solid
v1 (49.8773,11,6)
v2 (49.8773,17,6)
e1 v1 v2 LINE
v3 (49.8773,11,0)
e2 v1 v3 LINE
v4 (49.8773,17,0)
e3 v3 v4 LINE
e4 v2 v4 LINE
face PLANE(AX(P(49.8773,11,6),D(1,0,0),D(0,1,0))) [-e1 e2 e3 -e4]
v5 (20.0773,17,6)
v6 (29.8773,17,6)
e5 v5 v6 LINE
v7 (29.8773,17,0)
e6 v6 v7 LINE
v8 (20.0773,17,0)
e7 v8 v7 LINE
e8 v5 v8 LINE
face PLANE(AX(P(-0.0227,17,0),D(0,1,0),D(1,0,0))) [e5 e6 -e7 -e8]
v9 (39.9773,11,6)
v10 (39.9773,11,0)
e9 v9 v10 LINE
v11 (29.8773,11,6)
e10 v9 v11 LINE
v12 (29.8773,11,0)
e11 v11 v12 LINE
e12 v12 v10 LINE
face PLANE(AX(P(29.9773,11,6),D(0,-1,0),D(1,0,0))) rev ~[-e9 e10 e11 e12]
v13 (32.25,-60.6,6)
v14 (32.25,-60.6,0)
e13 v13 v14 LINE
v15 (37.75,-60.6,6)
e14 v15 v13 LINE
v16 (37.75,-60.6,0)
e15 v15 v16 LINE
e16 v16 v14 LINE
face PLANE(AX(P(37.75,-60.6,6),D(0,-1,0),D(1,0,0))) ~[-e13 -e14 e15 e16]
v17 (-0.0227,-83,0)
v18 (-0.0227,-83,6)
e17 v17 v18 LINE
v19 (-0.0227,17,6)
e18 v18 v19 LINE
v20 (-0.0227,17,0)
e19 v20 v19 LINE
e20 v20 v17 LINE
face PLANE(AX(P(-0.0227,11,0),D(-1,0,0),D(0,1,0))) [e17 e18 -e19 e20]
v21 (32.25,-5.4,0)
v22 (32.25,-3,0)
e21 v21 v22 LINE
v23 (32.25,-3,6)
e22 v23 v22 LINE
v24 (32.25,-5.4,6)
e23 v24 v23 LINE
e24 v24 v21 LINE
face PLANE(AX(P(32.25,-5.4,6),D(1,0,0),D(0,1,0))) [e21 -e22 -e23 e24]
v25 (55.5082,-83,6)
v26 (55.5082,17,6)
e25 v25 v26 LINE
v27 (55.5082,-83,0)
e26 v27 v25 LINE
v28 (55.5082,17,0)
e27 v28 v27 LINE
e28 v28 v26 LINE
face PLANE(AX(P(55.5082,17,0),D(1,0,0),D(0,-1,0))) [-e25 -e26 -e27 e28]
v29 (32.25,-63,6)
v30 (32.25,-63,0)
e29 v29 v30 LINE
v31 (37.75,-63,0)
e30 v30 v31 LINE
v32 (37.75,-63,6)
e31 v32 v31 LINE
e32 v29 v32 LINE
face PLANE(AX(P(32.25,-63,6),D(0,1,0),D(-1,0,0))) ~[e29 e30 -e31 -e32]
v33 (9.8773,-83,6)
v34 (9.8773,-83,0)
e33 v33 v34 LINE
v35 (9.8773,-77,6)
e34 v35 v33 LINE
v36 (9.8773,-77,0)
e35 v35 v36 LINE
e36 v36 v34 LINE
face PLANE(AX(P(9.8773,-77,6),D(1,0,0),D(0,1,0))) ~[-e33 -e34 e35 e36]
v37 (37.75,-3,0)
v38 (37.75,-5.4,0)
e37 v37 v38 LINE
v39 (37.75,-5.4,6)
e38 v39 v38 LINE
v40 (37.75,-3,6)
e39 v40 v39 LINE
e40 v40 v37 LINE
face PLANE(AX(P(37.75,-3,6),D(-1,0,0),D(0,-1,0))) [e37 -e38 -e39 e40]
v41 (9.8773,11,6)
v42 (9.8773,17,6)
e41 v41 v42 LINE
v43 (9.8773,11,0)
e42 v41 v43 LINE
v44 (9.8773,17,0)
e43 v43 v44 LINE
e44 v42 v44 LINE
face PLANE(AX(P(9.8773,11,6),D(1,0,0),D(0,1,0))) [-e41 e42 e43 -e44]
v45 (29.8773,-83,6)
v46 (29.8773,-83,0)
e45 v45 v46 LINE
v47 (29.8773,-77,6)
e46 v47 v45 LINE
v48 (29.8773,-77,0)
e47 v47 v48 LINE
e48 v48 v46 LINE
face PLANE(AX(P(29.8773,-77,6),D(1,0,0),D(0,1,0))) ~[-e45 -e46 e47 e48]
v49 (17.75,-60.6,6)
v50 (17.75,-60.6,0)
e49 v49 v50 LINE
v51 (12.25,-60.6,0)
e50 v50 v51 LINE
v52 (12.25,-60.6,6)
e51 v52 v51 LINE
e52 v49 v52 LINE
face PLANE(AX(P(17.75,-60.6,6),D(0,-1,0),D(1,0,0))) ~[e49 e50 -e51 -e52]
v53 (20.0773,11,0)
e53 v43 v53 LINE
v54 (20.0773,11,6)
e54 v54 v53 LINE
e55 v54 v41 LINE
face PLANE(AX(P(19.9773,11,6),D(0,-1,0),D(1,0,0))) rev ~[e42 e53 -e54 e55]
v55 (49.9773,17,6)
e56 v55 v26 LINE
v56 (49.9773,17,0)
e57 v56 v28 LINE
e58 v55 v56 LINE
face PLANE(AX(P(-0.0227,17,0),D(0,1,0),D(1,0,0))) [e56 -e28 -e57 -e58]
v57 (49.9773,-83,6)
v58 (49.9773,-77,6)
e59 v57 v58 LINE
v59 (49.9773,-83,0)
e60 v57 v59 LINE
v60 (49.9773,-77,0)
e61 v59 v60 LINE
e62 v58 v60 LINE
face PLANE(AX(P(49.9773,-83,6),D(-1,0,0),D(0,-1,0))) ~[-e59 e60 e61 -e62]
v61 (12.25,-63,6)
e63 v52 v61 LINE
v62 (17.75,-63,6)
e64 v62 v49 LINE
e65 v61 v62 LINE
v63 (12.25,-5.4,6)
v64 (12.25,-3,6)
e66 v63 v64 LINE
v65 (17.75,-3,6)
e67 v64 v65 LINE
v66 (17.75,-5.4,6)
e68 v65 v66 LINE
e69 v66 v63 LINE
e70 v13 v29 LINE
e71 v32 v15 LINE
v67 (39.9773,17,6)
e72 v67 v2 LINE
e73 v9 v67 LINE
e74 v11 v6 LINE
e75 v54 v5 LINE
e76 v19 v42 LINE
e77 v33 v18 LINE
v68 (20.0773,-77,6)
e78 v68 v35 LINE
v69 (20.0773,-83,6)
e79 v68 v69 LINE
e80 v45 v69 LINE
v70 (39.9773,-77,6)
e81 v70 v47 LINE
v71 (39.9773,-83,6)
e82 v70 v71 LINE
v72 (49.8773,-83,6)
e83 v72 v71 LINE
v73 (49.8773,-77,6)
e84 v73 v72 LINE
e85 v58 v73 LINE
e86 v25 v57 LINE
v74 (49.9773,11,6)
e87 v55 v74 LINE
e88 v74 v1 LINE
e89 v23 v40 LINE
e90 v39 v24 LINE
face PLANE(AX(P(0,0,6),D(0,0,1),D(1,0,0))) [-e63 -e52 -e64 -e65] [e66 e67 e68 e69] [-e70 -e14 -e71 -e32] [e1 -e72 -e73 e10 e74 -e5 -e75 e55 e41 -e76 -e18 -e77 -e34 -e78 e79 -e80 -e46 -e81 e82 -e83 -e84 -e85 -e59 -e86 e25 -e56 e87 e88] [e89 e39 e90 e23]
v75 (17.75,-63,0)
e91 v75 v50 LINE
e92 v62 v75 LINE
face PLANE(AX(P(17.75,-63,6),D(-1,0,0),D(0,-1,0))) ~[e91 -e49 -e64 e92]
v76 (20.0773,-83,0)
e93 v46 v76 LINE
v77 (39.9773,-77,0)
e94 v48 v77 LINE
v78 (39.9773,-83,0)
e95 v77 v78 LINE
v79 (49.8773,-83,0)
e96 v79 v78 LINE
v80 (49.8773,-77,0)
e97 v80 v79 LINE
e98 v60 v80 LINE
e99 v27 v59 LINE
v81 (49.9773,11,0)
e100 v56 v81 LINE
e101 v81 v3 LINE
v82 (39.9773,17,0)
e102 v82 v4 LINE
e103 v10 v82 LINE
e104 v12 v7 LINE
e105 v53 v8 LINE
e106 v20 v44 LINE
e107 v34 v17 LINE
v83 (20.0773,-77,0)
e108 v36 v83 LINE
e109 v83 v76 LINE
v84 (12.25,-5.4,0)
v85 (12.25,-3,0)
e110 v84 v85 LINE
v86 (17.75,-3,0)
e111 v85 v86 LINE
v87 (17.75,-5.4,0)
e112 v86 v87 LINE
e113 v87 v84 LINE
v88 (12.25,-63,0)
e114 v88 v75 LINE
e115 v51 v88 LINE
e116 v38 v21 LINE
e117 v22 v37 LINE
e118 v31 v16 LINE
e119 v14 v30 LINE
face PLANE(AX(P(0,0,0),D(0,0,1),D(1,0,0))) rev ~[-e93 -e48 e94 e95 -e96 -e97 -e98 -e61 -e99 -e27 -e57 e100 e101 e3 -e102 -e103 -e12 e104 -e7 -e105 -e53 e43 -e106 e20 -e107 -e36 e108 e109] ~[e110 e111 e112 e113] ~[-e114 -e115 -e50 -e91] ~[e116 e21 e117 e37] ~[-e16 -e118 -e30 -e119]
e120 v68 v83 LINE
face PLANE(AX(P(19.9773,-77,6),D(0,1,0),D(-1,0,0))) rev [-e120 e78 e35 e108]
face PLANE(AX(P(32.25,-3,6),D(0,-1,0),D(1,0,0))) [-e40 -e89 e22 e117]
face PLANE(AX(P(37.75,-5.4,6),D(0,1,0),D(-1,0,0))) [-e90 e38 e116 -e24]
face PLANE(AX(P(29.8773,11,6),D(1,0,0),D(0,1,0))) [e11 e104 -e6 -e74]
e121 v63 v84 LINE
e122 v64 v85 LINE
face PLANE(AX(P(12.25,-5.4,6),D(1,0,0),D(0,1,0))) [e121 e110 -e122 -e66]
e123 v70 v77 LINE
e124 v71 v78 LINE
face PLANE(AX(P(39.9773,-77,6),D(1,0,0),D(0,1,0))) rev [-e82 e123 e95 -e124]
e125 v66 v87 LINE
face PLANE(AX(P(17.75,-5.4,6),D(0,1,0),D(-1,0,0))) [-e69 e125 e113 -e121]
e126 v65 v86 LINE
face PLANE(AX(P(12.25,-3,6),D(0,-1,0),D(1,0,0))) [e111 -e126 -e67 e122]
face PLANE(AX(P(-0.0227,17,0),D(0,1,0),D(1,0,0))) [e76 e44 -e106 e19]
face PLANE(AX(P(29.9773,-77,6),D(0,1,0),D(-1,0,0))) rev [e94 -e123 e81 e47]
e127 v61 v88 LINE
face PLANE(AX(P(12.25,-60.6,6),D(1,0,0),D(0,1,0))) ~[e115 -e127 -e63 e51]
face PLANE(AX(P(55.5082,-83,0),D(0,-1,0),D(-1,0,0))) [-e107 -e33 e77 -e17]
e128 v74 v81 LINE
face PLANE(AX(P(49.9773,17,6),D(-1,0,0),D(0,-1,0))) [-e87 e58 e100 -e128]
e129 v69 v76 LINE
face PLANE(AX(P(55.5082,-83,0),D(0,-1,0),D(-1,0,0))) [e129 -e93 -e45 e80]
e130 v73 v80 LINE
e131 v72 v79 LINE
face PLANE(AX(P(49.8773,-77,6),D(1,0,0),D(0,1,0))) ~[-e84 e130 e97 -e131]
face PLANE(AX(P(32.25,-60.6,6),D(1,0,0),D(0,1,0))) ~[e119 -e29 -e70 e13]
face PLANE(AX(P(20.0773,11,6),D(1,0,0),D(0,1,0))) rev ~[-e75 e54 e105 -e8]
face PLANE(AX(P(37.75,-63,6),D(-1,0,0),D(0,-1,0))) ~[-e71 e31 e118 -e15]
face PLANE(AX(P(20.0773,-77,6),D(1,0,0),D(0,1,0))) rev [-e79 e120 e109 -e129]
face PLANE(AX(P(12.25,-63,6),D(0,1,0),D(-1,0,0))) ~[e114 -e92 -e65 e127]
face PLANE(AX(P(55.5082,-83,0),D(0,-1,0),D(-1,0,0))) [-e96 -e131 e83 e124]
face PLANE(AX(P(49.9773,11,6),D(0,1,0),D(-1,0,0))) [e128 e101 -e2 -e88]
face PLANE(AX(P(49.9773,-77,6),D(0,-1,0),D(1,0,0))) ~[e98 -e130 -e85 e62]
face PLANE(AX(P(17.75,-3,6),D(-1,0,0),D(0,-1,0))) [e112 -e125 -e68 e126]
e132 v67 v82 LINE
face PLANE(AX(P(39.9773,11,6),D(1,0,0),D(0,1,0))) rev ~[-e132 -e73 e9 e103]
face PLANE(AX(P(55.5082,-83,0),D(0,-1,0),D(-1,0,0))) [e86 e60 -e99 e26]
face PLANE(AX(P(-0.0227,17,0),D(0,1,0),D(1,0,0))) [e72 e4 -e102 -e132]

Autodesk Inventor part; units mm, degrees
ref_plane "YZ Plane" through (0, 0, 0) normal (1, 0, 0) x (0, 1, 0)
ref_plane "XZ Plane" through (0, 0, 0) normal (0, 1, 0) x (-1, 0, 0)
ref_plane "XY Plane" through (0, 0, 0) normal (0, 0, 1) x (1, 0, 0)
sketch "Sketch1" plane through (0, 0, 0) normal (0, 0, 1) x (1, 0, 0)
  line L0 (49.9773, 11) -> (55.5082, 11) projected
  line L1 (-0.0227, 11) -> (-0.0227, 17) projected
  line L2 (-0.0227, 11) -> (-0.0227, 17) projected
  line L3 (-0.0227, 11) -> (-0.0227, 17) projected
  line L4 (-0.0227, 17) -> (55.5082, 17)
  line L5 (55.5082, 17) -> (55.5082, -83)
  line L6 (55.5082, -83) -> (-0.0227, -83)
  line L7 (-0.0227, -83) -> (-0.0227, 17)
  line L8 (55.5082, 17) -> (55.5082, 11) projected
  line L9 (55.5082, 17) -> (55.5082, 11) projected
  dimension "d16" = 100
extrude "Extrusion1" add sketch "Sketch1" along normal blind 6
sketch "Sketch2" plane through (0, 0, 6) normal (0, 0, 1) x (1, 0, 0)
  line L0 (49.9773, 11) -> (55.5082, 11) projected
  line L1 (49.9773, 17) -> (49.9773, 11) projected
  line L2 (29.9773, 17) -> (29.9773, 11) projected
  line L3 (29.9773, 11) -> (39.9773, 11) projected
  line L4 (39.9773, 11) -> (39.9773, 17) projected
  line L5 (49.9773, 11) -> (49.8773, 11)
  line L6 (49.8773, 11) -> (49.8773, 17)
  line L7 (49.8773, 17) -> (49.9773, 17)
  line L8 (49.9773, 17) -> (49.9773, 11)
  line L9 (39.9773, 11) -> (40.0773, 11)
  line L10 (40.0773, 11) -> (40.0773, 17)
  line L11 (40.0773, 17) -> (39.9773, 17)
  line L12 (39.9773, 17) -> (39.9773, 11)
  line L13 (29.9773, 11) -> (29.8773, 11)
  line L14 (29.8773, 11) -> (29.8773, 17)
  line L15 (29.8773, 17) -> (29.9773, 17)
  line L16 (29.9773, 17) -> (29.9773, 11)
  line L17 (9.9773, 17) -> (9.9773, 11) projected
  line L18 (19.9773, 11) -> (19.9773, 17) projected
  line L19 (9.9773, 11) -> (19.9773, 11) projected
  line L20 (19.9773, 11) -> (20.0773, 11)
  line L21 (20.0773, 11) -> (20.0773, 17)
  line L22 (20.0773, 17) -> (19.9773, 17)
  line L23 (19.9773, 17) -> (19.9773, 11)
  line L24 (9.9773, 11) -> (9.8773, 11)
  line L25 (9.8773, 11) -> (9.8773, 17)
  line L26 (9.8773, 17) -> (9.9773, 17)
  line L27 (9.9773, 17) -> (9.9773, 11)
  line L28 (55.5082, -83) -> (55.5082, 17) projected
  line L29 (39.9773, 11) -> (29.9773, 11)
  line L30 (19.9773, 11) -> (9.9773, 11)
  line L31 (49.9773, 11) -> (55.5082, 11)
  line L32 (-0.0227, 17) -> (-0.0227, -83) projected
  line L33 (55.5082, 17) -> (-0.0227, 17)
  point P0 (49.9, 0.06)
  point P1 (30.1, 0)
  point P2 (39.9, 0)
  point P3 (39.9, 0.03)
  point P4 (30.1, 2.97)
  point P5 (40, 0)
  point P6 (40, 0)
  point P7 (9.9773, 17)
  point P8 (19.9773, 17)
  point P9 (9.9773, 17)
  point P10 (39.9773, 17)
  point P11 (29.9773, 17)
  point P12 (49.9773, 17)
  dimension "d3" = 0.1
  dimension "d4" = 6
  dimension "d5" = 0.1
  dimension "d6" = 6
  dimension "d7" = 0.1
  dimension "d8" = 6
  dimension "d17" = 0.1
  dimension "d18" = 6
  dimension "d19" = 0.1
  dimension "d20" = 6
extrude "Extrusion2" cut sketch "Sketch2" against normal through all contours L5 L6 L7 L1 | L21 L20 L18 L22 | L4 L3 L2 L33 | L2 L13 L14 L15 | L18 L19 L17 L33 | L17 L24 L25 L26
ref_plane "Work Plane1" through (-0.0227, -33, 0) normal (0, -1, 0) x (1, 0, 0)
mirror "Mirror1" about plane through (-0.0227, -33, 0) normal (0, -1, 0) of "Extrusion2"
sketch "Sketch3" plane through (0, 0, 6) normal (0, 0, 1) x (1, 0, 0)
  line L0 (37.75, -5.4) -> (32.25, -5.4)
  line L1 (32.25, -5.4) -> (32.25, -3)
  line L2 (32.25, -3) -> (37.75, -3)
  line L3 (37.75, -3) -> (37.75, -5.4)
  line L4 (40.1, 7.6673) -> (40.1, 6) projected
  line L5 (40.1, 0) -> (29.9, 0) projected
  point P0 (0, 0)
  dimension "d21" = 5.5
  dimension "d22" = 2.4
  dimension "d23" = 2.35
  dimension "d24" = 3
extrude "Extrusion3" cut sketch "Sketch3" against normal through all
pattern_linear "Rectangular Pattern1" count 2 spacing 20 along (-1, 0, 0) of "Extrusion3"
mirror "Mirror2" about plane through (-0.0227, -33, 0) normal (0, -1, 0) of "Extrusion3", "Rectangular Pattern1"
properties part number "00_Baseplate_Simmo_side6_v2"
